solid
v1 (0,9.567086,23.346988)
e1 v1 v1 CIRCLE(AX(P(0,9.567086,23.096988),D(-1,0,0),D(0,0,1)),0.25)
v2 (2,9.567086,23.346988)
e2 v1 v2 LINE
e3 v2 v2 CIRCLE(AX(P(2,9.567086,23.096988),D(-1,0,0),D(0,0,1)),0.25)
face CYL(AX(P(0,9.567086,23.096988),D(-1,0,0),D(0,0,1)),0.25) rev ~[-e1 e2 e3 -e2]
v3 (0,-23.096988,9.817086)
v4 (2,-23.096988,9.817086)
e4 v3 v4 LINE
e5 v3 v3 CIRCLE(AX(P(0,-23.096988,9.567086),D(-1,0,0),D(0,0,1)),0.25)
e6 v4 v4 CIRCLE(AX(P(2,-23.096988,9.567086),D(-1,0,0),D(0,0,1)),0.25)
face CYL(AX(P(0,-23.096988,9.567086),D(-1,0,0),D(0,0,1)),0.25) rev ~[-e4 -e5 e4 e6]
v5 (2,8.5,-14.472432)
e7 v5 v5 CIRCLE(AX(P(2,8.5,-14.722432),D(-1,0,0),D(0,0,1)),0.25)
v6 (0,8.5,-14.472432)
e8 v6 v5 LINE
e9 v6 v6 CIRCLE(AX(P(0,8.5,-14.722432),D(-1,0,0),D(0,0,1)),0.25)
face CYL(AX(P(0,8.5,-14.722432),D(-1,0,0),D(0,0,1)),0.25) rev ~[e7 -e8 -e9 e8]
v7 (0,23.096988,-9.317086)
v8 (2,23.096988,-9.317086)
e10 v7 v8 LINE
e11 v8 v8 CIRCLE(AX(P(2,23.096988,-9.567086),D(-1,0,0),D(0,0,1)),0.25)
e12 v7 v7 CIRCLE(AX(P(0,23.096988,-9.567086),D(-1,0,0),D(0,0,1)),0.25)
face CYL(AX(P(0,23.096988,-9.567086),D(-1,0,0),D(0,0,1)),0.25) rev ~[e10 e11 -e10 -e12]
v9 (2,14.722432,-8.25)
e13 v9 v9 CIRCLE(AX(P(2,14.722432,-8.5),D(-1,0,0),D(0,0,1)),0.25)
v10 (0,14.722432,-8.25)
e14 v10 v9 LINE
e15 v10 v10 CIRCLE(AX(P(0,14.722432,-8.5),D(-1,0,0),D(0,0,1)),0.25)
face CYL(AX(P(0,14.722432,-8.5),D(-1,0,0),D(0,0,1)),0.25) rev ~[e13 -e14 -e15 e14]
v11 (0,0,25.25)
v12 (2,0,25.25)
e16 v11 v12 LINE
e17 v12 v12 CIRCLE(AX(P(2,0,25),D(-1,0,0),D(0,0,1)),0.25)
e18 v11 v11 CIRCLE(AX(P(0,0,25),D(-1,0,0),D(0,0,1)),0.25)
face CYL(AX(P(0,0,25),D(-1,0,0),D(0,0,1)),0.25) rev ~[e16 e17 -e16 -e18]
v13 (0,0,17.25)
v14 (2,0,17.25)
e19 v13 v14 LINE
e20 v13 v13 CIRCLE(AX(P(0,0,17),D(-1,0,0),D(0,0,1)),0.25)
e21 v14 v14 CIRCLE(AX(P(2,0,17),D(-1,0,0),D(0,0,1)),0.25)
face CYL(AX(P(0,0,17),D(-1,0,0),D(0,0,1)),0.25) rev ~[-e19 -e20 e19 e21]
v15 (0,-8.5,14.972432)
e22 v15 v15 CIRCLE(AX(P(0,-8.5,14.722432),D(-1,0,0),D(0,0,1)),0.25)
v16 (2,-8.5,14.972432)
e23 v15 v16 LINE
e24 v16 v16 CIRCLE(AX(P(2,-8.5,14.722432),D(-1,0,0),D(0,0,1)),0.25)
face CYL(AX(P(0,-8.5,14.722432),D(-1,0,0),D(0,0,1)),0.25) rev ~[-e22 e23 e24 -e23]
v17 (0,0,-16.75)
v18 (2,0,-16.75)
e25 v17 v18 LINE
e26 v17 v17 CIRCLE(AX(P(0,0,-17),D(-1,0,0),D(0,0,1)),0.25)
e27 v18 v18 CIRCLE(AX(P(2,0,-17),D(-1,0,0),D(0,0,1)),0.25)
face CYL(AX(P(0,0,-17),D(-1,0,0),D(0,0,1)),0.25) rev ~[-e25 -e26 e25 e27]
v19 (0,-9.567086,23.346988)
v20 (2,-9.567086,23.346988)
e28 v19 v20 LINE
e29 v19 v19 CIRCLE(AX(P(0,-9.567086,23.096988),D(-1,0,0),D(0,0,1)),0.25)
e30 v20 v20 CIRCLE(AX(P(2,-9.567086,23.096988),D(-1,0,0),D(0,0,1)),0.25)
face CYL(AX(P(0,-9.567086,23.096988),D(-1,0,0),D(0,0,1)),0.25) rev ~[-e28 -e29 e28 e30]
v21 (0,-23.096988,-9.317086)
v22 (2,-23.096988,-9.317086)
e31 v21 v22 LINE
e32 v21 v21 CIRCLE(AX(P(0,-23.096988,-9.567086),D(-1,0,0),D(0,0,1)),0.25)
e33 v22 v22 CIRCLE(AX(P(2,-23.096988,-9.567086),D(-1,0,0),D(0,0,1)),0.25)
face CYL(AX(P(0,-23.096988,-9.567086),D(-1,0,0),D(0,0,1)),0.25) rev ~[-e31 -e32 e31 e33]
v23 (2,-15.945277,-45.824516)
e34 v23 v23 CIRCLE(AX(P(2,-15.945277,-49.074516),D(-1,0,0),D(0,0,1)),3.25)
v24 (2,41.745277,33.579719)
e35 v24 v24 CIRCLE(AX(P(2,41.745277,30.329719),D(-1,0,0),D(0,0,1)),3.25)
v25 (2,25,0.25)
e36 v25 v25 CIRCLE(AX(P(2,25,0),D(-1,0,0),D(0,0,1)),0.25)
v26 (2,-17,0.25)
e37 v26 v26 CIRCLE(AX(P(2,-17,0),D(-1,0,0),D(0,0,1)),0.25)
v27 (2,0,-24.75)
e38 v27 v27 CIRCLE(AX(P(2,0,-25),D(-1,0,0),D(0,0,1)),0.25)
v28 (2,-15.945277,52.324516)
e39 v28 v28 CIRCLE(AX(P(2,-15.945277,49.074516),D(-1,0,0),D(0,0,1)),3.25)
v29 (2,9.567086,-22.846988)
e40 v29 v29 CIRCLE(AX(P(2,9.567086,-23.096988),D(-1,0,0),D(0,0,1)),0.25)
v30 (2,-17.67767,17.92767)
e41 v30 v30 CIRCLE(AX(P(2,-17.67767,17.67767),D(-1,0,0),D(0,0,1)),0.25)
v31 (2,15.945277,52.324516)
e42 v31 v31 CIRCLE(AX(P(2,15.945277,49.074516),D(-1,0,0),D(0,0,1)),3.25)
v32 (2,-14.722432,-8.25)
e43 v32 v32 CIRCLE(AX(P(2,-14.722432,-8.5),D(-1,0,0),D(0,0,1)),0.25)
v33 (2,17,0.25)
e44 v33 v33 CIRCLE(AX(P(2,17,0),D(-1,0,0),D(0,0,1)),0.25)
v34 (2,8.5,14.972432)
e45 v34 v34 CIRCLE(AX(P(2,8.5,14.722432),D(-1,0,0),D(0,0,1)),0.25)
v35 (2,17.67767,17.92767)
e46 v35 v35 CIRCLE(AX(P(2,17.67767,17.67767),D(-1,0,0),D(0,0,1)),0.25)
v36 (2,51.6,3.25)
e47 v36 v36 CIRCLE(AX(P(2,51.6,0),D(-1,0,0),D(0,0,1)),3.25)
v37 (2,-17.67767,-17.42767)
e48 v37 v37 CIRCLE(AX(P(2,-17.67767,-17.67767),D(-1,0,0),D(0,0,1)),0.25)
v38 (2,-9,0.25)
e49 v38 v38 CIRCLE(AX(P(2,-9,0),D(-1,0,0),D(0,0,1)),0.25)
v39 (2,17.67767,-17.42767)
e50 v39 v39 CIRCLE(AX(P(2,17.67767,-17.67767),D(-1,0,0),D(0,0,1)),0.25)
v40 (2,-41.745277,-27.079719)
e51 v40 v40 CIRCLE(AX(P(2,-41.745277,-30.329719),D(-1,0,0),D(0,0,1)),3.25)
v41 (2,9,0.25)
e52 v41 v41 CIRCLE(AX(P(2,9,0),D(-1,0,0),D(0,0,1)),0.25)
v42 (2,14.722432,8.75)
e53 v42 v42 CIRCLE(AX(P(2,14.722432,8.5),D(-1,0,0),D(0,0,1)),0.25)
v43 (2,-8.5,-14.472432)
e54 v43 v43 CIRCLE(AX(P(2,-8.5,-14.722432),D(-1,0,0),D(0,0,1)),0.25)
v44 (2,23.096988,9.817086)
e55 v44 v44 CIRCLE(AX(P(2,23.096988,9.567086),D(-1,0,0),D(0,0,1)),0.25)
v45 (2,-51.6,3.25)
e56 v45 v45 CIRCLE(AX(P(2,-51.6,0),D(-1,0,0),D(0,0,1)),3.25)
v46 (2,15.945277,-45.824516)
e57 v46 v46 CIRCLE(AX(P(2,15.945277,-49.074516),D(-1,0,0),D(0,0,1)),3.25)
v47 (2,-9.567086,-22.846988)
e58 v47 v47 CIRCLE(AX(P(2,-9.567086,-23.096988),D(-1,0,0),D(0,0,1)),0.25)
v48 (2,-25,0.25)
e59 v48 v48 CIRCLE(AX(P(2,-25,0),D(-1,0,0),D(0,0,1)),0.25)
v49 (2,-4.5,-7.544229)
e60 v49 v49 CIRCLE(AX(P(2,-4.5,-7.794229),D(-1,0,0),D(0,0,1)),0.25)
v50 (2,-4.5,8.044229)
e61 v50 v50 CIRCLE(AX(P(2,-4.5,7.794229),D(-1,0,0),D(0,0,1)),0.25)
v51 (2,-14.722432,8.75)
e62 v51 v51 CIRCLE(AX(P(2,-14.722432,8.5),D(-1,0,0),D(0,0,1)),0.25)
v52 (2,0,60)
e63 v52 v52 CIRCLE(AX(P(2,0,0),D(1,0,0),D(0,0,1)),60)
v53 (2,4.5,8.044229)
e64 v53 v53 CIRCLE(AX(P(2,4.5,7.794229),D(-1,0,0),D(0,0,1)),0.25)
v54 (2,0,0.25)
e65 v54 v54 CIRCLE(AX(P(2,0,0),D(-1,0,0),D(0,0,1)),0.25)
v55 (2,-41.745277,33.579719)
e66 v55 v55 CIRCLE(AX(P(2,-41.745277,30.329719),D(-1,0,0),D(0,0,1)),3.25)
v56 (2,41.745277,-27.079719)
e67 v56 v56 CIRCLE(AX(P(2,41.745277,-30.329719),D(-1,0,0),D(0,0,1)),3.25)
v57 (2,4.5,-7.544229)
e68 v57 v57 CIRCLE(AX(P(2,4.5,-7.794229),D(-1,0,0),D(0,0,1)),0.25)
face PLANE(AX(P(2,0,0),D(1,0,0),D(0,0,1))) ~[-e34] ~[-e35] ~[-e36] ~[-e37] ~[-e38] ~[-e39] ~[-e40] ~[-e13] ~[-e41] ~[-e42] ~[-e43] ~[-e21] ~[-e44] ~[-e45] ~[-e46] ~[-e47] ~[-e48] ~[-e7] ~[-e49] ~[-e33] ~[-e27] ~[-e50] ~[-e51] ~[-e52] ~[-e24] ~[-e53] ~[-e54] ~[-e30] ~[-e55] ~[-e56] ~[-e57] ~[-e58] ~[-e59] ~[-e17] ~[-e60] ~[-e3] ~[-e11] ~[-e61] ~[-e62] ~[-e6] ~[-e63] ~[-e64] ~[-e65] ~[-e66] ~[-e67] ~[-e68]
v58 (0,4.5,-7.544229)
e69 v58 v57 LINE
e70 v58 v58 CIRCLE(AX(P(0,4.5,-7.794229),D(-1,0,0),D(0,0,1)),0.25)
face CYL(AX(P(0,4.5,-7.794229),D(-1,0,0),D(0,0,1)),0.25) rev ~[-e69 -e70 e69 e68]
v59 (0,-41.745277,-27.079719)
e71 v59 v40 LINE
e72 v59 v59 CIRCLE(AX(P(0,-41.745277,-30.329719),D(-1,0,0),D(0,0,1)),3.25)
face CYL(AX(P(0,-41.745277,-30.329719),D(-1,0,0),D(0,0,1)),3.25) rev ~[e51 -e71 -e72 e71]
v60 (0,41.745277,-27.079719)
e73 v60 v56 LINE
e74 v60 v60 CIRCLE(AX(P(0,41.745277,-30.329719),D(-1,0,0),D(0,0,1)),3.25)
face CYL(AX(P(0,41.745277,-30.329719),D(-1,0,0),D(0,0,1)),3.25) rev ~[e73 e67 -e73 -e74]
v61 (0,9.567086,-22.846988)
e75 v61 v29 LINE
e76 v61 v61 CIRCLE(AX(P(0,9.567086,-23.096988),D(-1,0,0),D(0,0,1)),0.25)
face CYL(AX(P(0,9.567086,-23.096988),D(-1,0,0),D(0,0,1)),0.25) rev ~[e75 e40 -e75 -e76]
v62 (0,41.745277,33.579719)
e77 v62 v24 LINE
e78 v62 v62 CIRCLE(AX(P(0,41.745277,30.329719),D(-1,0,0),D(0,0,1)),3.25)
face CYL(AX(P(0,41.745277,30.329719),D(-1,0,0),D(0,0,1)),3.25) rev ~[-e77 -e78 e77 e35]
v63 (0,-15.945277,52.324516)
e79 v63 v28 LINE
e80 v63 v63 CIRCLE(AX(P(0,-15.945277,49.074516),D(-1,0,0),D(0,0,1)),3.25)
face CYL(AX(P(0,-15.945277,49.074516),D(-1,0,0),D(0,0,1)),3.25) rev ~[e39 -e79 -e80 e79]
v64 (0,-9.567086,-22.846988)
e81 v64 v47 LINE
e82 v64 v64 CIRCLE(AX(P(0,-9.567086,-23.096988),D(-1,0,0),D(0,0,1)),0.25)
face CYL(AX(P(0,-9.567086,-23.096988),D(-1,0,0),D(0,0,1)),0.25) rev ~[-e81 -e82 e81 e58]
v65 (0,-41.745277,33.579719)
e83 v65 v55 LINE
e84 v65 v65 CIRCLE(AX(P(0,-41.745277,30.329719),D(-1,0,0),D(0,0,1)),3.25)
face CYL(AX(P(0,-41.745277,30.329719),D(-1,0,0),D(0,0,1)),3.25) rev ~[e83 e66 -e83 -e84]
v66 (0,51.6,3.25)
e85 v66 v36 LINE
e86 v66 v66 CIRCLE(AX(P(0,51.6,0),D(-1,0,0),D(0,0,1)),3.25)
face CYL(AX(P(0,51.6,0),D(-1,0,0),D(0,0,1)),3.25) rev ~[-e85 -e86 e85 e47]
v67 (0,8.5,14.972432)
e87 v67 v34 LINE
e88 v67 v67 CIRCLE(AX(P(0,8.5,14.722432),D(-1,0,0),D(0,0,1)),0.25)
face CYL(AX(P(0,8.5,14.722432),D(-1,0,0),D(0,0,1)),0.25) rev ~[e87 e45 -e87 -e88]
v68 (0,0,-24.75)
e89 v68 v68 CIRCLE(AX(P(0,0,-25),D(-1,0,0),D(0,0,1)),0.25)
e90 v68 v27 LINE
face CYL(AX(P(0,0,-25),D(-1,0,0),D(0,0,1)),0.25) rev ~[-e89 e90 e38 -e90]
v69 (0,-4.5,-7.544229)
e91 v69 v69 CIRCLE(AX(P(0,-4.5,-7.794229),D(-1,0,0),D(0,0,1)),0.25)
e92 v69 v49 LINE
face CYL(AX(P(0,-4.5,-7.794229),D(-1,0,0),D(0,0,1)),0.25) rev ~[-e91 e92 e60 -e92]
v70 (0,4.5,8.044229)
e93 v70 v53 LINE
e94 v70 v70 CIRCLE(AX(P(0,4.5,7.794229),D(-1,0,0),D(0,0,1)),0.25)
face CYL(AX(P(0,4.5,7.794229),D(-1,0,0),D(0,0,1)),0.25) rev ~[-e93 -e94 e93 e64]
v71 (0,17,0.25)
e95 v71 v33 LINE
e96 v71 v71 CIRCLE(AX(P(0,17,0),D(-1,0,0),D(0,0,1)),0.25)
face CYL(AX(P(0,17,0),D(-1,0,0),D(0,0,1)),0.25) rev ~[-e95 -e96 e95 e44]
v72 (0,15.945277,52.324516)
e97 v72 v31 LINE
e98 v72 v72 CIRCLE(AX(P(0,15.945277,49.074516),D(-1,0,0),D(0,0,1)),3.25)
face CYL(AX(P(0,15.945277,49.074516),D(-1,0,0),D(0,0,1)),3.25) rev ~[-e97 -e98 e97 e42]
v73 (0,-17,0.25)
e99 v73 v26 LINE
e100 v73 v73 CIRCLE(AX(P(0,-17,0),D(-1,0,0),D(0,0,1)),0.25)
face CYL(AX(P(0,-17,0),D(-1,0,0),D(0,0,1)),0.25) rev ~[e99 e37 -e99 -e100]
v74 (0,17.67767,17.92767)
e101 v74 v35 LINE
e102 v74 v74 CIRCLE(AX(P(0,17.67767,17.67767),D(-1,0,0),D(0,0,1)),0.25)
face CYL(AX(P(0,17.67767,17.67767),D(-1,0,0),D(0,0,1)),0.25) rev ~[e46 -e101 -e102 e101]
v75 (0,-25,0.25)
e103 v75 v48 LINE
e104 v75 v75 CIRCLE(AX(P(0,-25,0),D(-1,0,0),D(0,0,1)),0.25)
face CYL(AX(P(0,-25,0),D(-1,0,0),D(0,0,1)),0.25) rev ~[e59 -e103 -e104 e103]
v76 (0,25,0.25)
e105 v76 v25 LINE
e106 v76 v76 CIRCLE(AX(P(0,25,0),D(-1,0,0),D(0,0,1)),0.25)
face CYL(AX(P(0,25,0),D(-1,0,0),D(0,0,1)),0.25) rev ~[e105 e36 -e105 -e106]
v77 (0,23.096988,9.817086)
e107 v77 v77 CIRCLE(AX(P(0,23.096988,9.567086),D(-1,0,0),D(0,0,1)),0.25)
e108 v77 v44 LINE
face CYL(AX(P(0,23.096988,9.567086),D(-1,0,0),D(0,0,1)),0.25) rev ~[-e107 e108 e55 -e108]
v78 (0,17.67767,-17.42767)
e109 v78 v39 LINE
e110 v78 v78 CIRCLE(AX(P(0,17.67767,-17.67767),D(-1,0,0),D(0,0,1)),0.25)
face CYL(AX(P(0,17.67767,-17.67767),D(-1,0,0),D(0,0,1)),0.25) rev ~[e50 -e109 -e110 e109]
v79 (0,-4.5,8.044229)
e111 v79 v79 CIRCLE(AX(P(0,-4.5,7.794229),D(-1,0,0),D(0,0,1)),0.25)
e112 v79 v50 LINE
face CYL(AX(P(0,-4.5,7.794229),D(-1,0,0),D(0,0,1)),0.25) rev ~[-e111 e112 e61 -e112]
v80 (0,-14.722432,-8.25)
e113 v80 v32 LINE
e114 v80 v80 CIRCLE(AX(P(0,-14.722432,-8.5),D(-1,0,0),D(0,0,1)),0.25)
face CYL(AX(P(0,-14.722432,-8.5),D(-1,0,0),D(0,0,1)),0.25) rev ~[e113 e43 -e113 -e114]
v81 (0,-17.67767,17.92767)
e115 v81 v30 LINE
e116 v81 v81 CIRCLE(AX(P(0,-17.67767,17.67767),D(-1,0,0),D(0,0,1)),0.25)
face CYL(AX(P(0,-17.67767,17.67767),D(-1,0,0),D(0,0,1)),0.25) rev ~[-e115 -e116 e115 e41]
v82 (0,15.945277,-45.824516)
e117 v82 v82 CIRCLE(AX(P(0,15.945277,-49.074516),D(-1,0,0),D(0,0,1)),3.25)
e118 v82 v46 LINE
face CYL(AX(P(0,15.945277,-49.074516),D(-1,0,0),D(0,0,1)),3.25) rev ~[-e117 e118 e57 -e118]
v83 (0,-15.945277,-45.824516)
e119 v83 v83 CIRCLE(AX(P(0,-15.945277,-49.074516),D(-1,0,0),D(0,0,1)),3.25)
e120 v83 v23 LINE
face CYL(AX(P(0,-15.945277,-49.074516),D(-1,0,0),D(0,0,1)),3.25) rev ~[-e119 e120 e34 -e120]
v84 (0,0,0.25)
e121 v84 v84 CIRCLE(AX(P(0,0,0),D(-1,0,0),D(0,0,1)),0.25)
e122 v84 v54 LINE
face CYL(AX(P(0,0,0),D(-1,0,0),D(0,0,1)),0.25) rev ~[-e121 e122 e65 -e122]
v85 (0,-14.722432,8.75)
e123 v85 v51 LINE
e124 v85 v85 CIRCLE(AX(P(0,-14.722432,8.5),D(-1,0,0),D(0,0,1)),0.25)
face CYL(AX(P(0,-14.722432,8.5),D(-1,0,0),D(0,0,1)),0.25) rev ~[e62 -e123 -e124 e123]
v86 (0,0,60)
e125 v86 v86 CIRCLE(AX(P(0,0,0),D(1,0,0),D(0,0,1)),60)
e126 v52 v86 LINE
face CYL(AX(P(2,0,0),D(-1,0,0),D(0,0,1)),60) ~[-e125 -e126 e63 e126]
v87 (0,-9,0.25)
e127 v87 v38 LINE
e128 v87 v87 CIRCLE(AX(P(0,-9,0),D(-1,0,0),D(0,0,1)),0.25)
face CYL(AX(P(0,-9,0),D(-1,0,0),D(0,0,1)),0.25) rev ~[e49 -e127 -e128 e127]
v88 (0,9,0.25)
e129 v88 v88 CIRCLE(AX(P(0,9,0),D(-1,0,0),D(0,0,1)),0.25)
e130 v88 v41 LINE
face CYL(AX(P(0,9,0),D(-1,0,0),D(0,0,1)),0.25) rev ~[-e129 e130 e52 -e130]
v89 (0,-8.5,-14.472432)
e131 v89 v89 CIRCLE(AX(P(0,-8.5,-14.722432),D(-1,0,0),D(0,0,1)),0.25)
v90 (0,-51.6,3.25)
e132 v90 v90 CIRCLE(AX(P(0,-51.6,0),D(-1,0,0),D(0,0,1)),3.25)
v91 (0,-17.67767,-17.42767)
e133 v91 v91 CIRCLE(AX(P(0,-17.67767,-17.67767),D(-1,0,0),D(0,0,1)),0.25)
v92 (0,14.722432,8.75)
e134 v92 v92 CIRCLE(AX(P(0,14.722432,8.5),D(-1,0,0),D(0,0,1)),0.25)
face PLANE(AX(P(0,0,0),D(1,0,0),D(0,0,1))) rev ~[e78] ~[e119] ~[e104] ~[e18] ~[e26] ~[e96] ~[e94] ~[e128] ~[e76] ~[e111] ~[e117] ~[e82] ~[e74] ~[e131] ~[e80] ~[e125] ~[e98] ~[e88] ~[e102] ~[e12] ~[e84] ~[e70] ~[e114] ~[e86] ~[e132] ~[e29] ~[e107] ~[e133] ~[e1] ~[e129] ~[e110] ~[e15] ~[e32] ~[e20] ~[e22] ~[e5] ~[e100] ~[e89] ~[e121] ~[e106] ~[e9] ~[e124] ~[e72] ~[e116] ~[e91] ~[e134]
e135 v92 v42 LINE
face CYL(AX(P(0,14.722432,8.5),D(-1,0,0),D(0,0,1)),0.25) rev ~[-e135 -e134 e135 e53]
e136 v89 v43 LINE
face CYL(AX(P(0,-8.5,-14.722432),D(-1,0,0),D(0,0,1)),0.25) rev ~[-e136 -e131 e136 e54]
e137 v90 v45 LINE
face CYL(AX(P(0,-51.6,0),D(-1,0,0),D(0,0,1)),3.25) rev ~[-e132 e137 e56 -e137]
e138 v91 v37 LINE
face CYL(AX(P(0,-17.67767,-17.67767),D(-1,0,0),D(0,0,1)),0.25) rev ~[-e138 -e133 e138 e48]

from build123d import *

# Parameters (mm, degrees)
SKETCH3_R          = 0.25
CUT_EXTRUDE1_DEPTH = 85.876380696
SKETCH4_R          = 3.25
CUT_EXTRUDE2_DEPTH = 10


with BuildPart() as part:
    # Sketch2 → Revolve1 (revolve)
    with BuildSketch(Plane.XY, mode=Mode.PRIVATE) as revolve1_sk:
        Polygon((2, 0), (2, 31), (2, 60), (0, 60), (0, 0), align=None)
    revolve(revolve1_sk.sketch.rotate(Axis((0, 0, 0), (1, 0, 0)), 90), axis=Axis((0, 0, 0), (1, 0, 0)))

    # Sketch3 → Cut-Extrude1 (cut, through all)
    with BuildSketch(Plane.ZY):
        Circle(SKETCH3_R)
        with Locations((0, 9)):
            Circle(SKETCH3_R)
        with Locations((0, 17)):
            Circle(SKETCH3_R)
        with Locations((0, 25)):
            Circle(SKETCH3_R)
        with Locations((7.794228634, 4.5)):
            Circle(SKETCH3_R)
        with Locations((7.794228634, -4.5)):
            Circle(SKETCH3_R)
        with Locations((0, -9)):
            Circle(SKETCH3_R)
        with Locations((-7.794228634, -4.5)):
            Circle(SKETCH3_R)
        with Locations((-7.794228634, 4.5)):
            Circle(SKETCH3_R)
        with Locations((8.5, 14.722431864)):
            Circle(SKETCH3_R)
        with Locations((14.722431864, 8.5)):
            Circle(SKETCH3_R)
        with Locations((17, 0)):
            Circle(SKETCH3_R)
        with Locations((14.722431864, -8.5)):
            Circle(SKETCH3_R)
        with Locations((8.5, -14.722431864)):
            Circle(SKETCH3_R)
        with Locations((0, -17)):
            Circle(SKETCH3_R)
        with Locations((-8.5, -14.722431864)):
            Circle(SKETCH3_R)
        with Locations((-14.722431864, -8.5)):
            Circle(SKETCH3_R)
        with Locations((-17, 0)):
            Circle(SKETCH3_R)
        with Locations((-14.722431864, 8.5)):
            Circle(SKETCH3_R)
        with Locations((-8.5, 14.722431864)):
            Circle(SKETCH3_R)
        with Locations((9.567085809, 23.096988313)):
            Circle(SKETCH3_R)
        with Locations((17.67766953, 17.67766953)):
            Circle(SKETCH3_R)
        with Locations((23.096988313, 9.567085809)):
            Circle(SKETCH3_R)
        with Locations((25, 0)):
            Circle(SKETCH3_R)
        with Locations((23.096988313, -9.567085809)):
            Circle(SKETCH3_R)
        with Locations((17.67766953, -17.67766953)):
            Circle(SKETCH3_R)
        with Locations((9.567085809, -23.096988313)):
            Circle(SKETCH3_R)
        with Locations((0, -25)):
            Circle(SKETCH3_R)
        with Locations((-9.567085809, -23.096988313)):
            Circle(SKETCH3_R)
        with Locations((-17.67766953, -17.67766953)):
            Circle(SKETCH3_R)
        with Locations((-23.096988313, -9.567085809)):
            Circle(SKETCH3_R)
        with Locations((-25, 0)):
            Circle(SKETCH3_R)
        with Locations((-23.096988313, 9.567085809)):
            Circle(SKETCH3_R)
        with Locations((-17.67766953, 17.67766953)):
            Circle(SKETCH3_R)
        with Locations((-9.567085809, 23.096988313)):
            Circle(SKETCH3_R)
    extrude(amount=-CUT_EXTRUDE1_DEPTH, mode=Mode.SUBTRACT)

    # Sketch4 → Cut-Extrude2 (cut)
    with BuildSketch(Plane.ZY):
        with Locations((0, 51.6)):
            Circle(SKETCH4_R)
        with Locations((30.329719018, 41.74527691)):
            Circle(SKETCH4_R)
        with Locations((49.074516241, 15.94527691)):
            Circle(SKETCH4_R)
        with Locations((49.074516241, -15.94527691)):
            Circle(SKETCH4_R)
        with Locations((30.329719018, -41.74527691)):
            Circle(SKETCH4_R)
        with Locations((0, -51.6)):
            Circle(SKETCH4_R)
        with Locations((-30.329719018, -41.74527691)):
            Circle(SKETCH4_R)
        with Locations((-49.074516241, -15.94527691)):
            Circle(SKETCH4_R)
        with Locations((-49.074516241, 15.94527691)):
            Circle(SKETCH4_R)
        with Locations((-30.329719018, 41.74527691)):
            Circle(SKETCH4_R)
    extrude(amount=-CUT_EXTRUDE2_DEPTH, mode=Mode.SUBTRACT)


solid = part.part
